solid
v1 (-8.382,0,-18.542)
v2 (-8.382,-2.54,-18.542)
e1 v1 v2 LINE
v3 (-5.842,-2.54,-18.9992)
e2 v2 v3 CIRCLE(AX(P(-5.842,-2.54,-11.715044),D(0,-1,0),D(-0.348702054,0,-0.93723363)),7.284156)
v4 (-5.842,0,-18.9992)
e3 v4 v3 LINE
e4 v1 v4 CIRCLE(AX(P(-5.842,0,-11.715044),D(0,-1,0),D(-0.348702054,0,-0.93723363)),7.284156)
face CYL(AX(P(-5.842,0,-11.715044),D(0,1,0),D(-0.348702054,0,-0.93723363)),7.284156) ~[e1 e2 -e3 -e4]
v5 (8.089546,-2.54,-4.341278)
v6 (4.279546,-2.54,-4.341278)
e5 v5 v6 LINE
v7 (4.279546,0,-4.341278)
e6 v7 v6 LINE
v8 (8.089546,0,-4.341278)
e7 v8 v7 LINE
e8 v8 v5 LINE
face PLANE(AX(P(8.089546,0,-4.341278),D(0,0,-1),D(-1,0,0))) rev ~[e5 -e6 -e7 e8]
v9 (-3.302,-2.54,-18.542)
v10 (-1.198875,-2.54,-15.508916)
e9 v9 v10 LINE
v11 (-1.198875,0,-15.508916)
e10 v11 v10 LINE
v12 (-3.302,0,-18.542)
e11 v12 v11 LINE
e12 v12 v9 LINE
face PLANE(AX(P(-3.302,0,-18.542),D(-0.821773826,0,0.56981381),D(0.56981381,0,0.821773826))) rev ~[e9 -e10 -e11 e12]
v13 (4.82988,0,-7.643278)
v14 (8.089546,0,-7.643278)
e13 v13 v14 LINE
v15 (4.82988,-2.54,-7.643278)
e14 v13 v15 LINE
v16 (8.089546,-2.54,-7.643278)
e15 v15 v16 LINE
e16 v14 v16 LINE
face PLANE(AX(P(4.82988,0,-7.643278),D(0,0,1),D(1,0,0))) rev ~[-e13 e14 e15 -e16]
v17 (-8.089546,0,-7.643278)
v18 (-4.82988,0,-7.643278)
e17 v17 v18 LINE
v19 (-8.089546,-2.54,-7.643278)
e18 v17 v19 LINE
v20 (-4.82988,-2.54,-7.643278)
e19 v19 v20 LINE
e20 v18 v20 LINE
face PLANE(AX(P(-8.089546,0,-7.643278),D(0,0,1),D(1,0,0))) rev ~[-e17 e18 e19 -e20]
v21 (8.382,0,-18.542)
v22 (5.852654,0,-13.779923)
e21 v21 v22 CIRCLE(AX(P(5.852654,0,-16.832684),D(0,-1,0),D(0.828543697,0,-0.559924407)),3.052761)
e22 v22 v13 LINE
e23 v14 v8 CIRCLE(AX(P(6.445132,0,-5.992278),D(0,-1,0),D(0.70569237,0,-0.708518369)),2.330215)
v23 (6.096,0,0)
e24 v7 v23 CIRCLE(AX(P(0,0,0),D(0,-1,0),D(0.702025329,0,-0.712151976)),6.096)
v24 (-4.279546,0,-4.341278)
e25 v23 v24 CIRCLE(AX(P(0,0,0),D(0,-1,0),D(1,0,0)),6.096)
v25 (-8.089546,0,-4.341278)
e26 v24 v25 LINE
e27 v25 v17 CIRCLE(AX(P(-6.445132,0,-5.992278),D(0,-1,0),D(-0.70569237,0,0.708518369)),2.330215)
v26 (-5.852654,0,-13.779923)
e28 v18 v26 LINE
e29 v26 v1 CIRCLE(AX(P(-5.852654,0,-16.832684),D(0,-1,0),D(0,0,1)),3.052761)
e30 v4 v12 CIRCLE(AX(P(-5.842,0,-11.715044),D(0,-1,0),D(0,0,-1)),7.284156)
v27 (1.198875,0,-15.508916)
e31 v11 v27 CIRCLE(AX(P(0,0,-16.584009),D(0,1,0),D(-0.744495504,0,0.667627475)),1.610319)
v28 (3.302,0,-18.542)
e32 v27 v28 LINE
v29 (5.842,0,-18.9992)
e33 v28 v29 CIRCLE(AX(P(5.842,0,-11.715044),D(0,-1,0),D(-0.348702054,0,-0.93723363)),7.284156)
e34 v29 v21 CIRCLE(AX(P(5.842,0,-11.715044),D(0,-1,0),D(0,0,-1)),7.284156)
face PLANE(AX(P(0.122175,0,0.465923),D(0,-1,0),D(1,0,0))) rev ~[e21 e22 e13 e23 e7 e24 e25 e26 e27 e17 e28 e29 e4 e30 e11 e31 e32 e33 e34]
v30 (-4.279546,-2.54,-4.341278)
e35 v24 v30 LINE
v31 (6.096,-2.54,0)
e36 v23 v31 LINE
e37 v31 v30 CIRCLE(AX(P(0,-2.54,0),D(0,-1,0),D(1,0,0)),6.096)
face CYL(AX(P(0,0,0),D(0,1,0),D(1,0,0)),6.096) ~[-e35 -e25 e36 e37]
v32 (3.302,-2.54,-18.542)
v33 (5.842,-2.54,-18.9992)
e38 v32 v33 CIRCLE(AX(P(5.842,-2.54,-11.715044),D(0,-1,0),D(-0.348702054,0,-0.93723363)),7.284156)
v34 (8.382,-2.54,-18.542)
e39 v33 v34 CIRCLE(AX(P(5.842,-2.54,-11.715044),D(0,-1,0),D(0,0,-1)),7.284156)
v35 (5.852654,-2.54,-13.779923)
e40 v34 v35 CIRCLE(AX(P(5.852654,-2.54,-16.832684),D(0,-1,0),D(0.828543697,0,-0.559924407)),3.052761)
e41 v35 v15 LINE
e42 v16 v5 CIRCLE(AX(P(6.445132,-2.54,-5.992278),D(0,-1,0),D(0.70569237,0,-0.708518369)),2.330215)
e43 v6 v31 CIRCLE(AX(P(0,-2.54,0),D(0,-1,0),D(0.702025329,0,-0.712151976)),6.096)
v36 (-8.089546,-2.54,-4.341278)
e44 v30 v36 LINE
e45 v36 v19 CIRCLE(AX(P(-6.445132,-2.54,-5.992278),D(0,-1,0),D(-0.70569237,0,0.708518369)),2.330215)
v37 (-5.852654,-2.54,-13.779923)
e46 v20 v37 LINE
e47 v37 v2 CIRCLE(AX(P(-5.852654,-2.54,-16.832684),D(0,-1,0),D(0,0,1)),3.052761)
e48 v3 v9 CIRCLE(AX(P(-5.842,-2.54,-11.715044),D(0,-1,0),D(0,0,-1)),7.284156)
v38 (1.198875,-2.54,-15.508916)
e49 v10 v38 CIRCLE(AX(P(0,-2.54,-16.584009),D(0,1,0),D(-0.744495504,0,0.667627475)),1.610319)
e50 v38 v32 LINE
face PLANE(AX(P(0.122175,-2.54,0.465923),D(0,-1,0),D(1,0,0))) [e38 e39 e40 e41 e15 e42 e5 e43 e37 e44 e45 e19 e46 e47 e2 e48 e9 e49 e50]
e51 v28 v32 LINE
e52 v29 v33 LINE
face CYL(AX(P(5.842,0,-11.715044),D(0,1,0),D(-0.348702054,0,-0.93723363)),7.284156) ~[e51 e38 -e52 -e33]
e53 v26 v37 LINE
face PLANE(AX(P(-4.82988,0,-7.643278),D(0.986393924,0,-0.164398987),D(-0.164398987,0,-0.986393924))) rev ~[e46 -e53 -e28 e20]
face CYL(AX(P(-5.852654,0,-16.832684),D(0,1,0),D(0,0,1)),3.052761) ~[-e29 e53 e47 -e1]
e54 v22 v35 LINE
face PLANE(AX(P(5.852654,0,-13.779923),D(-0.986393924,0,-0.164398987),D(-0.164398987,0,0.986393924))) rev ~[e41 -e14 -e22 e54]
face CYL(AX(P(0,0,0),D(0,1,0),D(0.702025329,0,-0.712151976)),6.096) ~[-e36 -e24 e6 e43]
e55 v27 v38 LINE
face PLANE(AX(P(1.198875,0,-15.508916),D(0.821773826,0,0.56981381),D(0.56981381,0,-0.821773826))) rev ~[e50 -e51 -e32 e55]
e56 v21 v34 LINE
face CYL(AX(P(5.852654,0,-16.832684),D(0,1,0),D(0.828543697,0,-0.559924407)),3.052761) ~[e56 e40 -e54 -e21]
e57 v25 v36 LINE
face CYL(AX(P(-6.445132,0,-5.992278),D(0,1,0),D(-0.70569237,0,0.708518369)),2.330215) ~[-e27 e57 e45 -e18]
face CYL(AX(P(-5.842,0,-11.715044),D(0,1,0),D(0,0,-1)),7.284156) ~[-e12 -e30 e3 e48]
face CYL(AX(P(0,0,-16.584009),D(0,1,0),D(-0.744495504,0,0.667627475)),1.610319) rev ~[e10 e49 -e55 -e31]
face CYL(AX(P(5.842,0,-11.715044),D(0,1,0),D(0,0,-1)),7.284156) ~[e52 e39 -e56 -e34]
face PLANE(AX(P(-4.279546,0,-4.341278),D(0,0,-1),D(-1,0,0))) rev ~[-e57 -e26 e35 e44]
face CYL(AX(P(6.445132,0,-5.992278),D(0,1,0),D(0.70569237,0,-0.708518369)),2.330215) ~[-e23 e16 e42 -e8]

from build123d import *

# Parameters (mm, degrees)
F1_DEPTH = 2.54


with BuildPart() as f1:
    # F0 (on Front) → F1 (new body)
    with BuildSketch(Plane.XZ):
        with BuildLine():
            ThreePointArc((4.2795464076, -4.3412784459), (5.6235811944, -2.3529875795), (6.096, 0))
            ThreePointArc((6.096, 0), (-2.3529875795, 5.6235811944), (-4.2795464076, -4.3412784459))
            Line((-4.2795464076, -4.3412784459), (-3.556, 0))
            Line((-3.556, 0), (0, 0))
            Line((0, 0), (3.556, 0))
            Line((3.556, 0), (4.2795464076, -4.3412784459))
        make_face()
        with BuildLine():
            Line((-3.556, 0), (-4.2795464076, -4.3412784459))
            ThreePointArc((-4.2795464076, -4.3412784459), (0, -6.096), (4.2795464076, -4.3412784459))
            Line((4.2795464076, -4.3412784459), (3.556, 0))
            Line((3.556, 0), (0, 0))
            Line((0, 0), (-3.556, 0))
        make_face()
        with BuildLine():
            ThreePointArc((4.2795464076, -4.3412784459), (0, -6.096), (-4.2795464076, -4.3412784459))
            Line((-4.2795464076, -4.3412784459), (-4.572, -6.096))
            Line((-4.572, -6.096), (-4.829879741, -7.6432784459))
            Line((-4.829879741, -7.6432784459), (-5.8526538527, -13.7799231159))
            Line((-5.8526538527, -13.7799231159), (0, -13.7799231159))
            Line((0, -13.7799231159), (5.8526538527, -13.7799231159))
            Line((5.8526538527, -13.7799231159), (4.829879741, -7.6432784459))
            Line((4.829879741, -7.6432784459), (4.572, -6.096))
            Line((4.572, -6.096), (4.2795464076, -4.3412784459))
        make_face()
        with BuildLine():
            Line((-4.572, -6.096), (-4.2795464076, -4.3412784459))
            Line((-4.2795464076, -4.3412784459), (-8.0895464076, -4.3412784459))
            ThreePointArc((-8.0895464076, -4.3412784459), (-8.7753464076, -5.9922784459), (-8.0895464076, -7.6432784459))
            Line((-8.0895464076, -7.6432784459), (-4.829879741, -7.6432784459))
            Line((-4.829879741, -7.6432784459), (-4.572, -6.096))
        make_face()
        with BuildLine():
            Line((8.0895464076, -4.3412784459), (4.2795464076, -4.3412784459))
            Line((4.2795464076, -4.3412784459), (4.572, -6.096))
            Line((4.572, -6.096), (4.829879741, -7.6432784459))
            Line((4.829879741, -7.6432784459), (8.0895464076, -7.6432784459))
            ThreePointArc((8.0895464076, -7.6432784459), (8.7753464076, -5.9922784459), (8.0895464076, -4.3412784459))
        make_face()
        with BuildLine():
            Line((0, -13.7799231159), (-5.8526538527, -13.7799231159))
            ThreePointArc((-5.8526538527, -13.7799231159), (-8.5487143204, -15.4006894585), (-8.382, -18.542))
            Line((-8.382, -18.542), (-5.842, -18.542))
            Line((-5.842, -18.542), (-3.302, -18.542))
            Line((-3.302, -18.542), (-1.1988751223, -15.5089163039))
            Line((-1.1988751223, -15.5089163039), (0, -13.7799231159))
        make_face()
        with BuildLine():
            ThreePointArc((8.382, -18.542), (8.5487143204, -15.4006894585), (5.8526538527, -13.7799231159))
            Line((5.8526538527, -13.7799231159), (0, -13.7799231159))
            Line((0, -13.7799231159), (1.1988751223, -15.5089163039))
            Line((1.1988751223, -15.5089163039), (3.302, -18.542))
            Line((3.302, -18.542), (5.842, -18.542))
            Line((5.842, -18.542), (8.382, -18.542))
        make_face()
        with BuildLine():
            Line((1.1988751223, -15.5089163039), (0, -13.7799231159))
            Line((0, -13.7799231159), (-1.1988751223, -15.5089163039))
            ThreePointArc((-1.1988751223, -15.5089163039), (0, -14.9736905706), (1.1988751223, -15.5089163039))
        make_face()
        with BuildLine():
            Line((-5.842, -18.542), (-8.382, -18.542))
            ThreePointArc((-8.382, -18.542), (-7.1324099969, -18.8839888715), (-5.842, -18.9992))
            Line((-5.842, -18.9992), (-5.842, -18.542))
        make_face()
        with BuildLine():
            ThreePointArc((5.842, -18.9992), (7.1324099969, -18.8839888715), (8.382, -18.542))
            Line((8.382, -18.542), (5.842, -18.542))
            Line((5.842, -18.542), (5.842, -18.9992))
        make_face()
        with BuildLine():
            Line((-3.302, -18.542), (-5.842, -18.542))
            Line((-5.842, -18.542), (-5.842, -18.9992))
            ThreePointArc((-5.842, -18.9992), (-4.5515900031, -18.8839888715), (-3.302, -18.542))
        make_face()
        with BuildLine():
            Line((5.842, -18.9992), (5.842, -18.542))
            Line((5.842, -18.542), (3.302, -18.542))
            ThreePointArc((3.302, -18.542), (4.5515900031, -18.8839888715), (5.842, -18.9992))
        make_face()
    extrude(amount=F1_DEPTH)


solid = f1.part
